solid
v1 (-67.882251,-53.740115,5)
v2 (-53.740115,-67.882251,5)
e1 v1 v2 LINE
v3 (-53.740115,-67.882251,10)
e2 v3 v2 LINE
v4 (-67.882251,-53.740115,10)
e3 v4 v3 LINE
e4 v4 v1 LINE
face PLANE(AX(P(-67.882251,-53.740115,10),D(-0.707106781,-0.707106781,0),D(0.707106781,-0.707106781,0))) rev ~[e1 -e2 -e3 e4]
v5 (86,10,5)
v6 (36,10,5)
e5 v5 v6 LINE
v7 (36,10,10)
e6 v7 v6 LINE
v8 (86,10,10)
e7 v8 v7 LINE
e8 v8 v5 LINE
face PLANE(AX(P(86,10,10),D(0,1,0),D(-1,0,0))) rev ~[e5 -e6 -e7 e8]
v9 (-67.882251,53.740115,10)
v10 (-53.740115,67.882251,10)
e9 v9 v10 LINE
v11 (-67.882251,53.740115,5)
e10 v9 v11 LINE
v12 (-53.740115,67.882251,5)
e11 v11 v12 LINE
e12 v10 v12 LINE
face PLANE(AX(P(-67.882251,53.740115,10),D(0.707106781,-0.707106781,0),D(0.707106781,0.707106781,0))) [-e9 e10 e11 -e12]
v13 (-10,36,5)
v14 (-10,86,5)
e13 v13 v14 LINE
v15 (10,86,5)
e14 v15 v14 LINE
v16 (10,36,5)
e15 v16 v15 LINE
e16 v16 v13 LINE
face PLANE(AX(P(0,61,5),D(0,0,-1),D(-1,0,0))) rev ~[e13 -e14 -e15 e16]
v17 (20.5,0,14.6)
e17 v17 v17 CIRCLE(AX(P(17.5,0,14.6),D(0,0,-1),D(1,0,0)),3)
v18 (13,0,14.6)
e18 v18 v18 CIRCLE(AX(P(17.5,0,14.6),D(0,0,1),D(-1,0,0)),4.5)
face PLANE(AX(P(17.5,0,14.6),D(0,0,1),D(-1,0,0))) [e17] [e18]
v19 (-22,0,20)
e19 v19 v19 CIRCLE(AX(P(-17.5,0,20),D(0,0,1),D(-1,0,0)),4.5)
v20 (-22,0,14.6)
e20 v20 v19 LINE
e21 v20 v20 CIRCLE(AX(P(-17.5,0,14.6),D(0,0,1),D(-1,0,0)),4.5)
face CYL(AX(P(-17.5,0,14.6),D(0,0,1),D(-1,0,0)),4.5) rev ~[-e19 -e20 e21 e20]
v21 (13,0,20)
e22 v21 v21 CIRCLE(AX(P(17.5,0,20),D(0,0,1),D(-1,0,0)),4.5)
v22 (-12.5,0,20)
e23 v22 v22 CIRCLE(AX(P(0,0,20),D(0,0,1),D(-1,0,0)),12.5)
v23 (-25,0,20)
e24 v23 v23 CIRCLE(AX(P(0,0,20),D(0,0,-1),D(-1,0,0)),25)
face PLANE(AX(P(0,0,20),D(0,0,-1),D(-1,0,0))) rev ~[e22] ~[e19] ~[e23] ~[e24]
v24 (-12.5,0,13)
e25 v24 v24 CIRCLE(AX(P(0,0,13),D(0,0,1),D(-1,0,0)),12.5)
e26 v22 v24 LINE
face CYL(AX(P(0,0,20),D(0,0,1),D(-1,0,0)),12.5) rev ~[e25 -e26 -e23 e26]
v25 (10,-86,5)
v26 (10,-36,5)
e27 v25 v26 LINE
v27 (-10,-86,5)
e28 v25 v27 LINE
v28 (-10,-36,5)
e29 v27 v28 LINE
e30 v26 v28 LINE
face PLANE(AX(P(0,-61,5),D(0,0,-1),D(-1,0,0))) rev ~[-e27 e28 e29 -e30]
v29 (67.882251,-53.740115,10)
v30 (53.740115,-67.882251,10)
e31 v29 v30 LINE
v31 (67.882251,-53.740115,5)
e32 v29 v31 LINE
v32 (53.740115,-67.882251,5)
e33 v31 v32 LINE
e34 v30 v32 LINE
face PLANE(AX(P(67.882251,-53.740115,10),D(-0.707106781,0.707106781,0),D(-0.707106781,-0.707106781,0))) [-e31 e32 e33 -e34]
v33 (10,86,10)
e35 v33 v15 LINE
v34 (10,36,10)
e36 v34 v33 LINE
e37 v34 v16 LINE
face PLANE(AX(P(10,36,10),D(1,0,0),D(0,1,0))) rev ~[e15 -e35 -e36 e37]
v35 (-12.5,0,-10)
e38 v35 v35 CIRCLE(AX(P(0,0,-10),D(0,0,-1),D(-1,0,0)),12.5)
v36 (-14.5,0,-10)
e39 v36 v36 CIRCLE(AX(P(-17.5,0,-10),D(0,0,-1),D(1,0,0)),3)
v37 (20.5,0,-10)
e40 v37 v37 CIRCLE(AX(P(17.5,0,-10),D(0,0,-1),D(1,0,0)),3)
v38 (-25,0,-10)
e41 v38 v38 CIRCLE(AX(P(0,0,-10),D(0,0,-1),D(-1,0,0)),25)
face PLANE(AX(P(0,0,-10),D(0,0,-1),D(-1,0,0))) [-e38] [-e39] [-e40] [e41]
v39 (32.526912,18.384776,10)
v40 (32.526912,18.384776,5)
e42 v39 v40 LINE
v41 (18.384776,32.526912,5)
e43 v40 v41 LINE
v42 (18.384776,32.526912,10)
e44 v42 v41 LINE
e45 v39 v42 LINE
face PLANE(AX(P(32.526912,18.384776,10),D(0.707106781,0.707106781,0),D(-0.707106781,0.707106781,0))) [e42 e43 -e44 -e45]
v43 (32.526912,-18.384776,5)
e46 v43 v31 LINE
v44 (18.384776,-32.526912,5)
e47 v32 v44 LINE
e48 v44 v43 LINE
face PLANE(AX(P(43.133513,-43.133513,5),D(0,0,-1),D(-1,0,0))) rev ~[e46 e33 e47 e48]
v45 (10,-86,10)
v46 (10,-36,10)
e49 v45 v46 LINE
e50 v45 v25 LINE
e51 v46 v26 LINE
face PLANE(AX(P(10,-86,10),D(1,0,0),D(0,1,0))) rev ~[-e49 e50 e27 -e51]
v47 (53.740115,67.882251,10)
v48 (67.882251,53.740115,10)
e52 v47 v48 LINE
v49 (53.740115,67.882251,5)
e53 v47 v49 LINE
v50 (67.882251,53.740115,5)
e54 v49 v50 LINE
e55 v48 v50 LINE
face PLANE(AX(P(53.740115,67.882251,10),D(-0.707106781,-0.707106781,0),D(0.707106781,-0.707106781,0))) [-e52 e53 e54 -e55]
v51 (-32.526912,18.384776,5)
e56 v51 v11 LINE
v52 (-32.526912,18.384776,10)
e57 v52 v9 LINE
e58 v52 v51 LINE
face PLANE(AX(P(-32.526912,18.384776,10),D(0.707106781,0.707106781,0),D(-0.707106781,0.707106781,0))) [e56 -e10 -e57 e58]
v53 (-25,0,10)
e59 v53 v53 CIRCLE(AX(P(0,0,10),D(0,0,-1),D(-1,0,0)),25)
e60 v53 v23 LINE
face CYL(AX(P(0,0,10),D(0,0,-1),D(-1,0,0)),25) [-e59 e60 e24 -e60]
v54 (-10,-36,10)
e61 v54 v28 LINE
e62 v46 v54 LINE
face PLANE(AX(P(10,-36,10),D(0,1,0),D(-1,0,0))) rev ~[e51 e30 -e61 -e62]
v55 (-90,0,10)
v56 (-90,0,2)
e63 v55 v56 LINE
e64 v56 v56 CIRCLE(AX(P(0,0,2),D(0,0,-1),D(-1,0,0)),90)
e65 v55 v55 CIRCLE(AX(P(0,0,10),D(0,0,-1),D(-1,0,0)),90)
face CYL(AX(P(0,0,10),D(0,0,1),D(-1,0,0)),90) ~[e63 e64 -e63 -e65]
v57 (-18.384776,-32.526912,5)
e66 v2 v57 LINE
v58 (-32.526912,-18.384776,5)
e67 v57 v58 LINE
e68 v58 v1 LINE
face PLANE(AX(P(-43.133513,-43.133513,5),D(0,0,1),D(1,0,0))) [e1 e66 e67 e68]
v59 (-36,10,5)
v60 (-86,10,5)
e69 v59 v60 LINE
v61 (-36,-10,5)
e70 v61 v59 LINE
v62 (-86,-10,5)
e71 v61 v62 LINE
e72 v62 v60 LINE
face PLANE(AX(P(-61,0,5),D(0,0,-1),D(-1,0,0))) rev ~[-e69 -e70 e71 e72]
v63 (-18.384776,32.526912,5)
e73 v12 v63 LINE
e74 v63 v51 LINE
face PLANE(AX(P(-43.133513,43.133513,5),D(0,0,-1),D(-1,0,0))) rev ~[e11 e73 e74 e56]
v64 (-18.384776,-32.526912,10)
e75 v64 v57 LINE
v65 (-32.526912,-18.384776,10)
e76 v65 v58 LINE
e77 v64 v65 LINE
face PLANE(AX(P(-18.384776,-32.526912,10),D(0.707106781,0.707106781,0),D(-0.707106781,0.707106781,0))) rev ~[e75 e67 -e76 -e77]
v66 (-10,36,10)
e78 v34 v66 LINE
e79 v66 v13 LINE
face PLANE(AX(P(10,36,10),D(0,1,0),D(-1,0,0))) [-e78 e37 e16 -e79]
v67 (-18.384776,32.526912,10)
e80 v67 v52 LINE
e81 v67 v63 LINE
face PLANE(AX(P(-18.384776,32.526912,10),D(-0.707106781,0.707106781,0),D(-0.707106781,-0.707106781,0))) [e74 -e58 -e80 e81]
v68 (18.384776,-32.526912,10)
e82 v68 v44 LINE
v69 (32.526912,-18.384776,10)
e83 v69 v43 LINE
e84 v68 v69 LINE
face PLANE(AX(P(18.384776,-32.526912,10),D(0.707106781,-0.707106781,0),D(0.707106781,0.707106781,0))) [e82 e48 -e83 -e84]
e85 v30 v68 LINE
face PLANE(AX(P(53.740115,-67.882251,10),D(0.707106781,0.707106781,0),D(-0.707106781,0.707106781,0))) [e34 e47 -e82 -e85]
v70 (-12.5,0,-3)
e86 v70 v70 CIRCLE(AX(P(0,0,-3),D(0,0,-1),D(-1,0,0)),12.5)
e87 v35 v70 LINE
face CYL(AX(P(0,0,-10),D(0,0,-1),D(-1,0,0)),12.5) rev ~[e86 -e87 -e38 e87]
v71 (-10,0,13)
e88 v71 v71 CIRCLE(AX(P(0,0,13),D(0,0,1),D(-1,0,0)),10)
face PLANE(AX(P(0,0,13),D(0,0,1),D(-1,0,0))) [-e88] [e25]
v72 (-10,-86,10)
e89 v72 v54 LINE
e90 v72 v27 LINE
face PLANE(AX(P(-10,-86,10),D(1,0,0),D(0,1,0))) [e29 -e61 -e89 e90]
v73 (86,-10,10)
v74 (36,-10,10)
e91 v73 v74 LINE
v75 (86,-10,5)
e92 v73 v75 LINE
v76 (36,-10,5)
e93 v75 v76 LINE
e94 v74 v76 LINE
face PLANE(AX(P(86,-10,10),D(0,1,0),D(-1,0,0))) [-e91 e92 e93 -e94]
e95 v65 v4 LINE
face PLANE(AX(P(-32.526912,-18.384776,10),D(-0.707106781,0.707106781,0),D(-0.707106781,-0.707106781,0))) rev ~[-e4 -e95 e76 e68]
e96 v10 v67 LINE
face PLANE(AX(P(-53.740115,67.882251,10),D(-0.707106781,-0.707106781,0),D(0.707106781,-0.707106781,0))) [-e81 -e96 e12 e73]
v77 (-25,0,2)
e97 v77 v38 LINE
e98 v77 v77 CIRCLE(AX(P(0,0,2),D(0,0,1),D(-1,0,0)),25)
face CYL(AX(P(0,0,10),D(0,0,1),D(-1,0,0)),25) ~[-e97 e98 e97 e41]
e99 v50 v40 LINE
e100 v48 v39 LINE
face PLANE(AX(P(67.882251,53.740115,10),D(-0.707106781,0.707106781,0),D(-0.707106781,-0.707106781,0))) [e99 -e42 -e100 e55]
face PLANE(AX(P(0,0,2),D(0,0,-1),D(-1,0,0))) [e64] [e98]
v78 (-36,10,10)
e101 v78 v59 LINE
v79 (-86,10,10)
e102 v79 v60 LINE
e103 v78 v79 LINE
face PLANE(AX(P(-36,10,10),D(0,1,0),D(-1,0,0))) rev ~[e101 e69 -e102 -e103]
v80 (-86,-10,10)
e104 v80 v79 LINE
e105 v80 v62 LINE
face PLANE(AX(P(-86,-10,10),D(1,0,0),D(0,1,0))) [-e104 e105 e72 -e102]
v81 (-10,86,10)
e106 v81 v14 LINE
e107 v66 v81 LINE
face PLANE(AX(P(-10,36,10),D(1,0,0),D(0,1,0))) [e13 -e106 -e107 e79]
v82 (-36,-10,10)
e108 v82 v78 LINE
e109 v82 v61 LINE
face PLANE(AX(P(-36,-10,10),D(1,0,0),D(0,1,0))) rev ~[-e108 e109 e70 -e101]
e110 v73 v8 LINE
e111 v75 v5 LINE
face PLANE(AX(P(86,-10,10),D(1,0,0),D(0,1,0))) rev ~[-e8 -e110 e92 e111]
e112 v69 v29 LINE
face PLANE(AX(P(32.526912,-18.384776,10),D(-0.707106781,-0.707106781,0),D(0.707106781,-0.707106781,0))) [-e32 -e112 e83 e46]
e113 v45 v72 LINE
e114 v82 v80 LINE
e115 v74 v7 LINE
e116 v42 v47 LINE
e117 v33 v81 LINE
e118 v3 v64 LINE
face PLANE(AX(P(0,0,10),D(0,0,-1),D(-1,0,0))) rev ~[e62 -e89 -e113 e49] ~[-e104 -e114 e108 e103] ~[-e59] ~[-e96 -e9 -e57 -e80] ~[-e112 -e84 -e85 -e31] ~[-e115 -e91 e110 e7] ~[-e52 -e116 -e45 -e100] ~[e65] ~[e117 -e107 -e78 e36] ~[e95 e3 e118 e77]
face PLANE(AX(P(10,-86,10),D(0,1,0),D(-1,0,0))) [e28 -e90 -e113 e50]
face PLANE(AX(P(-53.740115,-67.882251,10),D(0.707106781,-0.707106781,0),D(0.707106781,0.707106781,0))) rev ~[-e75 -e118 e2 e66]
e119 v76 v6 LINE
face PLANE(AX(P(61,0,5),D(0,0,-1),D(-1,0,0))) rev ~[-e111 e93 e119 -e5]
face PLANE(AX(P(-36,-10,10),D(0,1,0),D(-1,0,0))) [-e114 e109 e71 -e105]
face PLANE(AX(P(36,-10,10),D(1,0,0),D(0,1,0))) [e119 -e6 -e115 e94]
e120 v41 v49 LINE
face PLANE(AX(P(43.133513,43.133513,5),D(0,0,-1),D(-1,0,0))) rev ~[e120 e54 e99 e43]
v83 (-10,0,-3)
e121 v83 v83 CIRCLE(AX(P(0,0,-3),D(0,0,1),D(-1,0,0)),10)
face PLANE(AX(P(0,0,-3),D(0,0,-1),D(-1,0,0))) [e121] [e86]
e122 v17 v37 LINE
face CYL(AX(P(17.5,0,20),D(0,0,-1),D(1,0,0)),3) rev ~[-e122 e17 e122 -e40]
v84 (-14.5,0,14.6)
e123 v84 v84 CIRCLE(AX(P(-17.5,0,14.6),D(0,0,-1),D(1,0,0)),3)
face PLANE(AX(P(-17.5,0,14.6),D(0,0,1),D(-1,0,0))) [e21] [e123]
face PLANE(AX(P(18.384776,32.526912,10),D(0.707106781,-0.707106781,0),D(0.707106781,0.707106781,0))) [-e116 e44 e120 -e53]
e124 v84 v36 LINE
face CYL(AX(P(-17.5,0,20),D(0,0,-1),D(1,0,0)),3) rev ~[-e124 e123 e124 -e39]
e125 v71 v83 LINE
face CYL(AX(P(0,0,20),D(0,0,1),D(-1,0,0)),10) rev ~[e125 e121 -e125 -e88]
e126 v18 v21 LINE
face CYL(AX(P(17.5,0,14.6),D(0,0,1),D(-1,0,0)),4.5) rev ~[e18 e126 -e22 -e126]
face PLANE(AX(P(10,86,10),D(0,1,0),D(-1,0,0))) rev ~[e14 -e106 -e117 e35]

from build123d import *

# Parameters (mm, degrees)
SKETCH_R             = 90
PAD_DEPTH            = 8
SKETCH001_W          = 20
SKETCH001_H          = 50
POCKET_DEPTH         = 5
SKETCH002_W          = 20
SKETCH002_H          = 50
POCKET001_DEPTH      = 5
SKETCH003_W          = 50
SKETCH003_H          = 20
POCKET002_DEPTH      = 5
SKETCH004_W          = 50
SKETCH004_H          = 20
POCKET003_DEPTH      = 5
POCKET004_DEPTH      = 5
POCKET005_DEPTH      = 5
POCKET006_DEPTH      = 5
POCKET007_DEPTH      = 5
SKETCH009_R          = 25
PAD001_DEPTH         = 20
PAD001_DEPTH_BACK    = 10
SKETCH010_R          = 10
HOLE_DEPTH           = 30.001
SKETCH011_R          = 12.5
POCKET008_DEPTH      = 7
SKETCH012_R          = 12.5
POCKET009_DEPTH      = 7
HOLE001_D            = 6
HOLE001_CBORE_D      = 9
HOLE001_CBORE_DEPTH  = 5.4
BODY_PLACEMENT_ANGLE = 180


with BuildPart() as part:
    # Sketch → Pad (new body)
    with BuildSketch(Plane.XY):
        Circle(SKETCH_R)
    extrude(amount=PAD_DEPTH)

    # Sketch001 → Pocket (cut)
    with BuildSketch(Plane.XY):
        with Locations((0, 61)):
            Rectangle(SKETCH001_W, SKETCH001_H)
    extrude(amount=POCKET_DEPTH, mode=Mode.SUBTRACT)

    # Sketch002 → Pocket001 (cut)
    with BuildSketch(Plane.XY):
        with Locations((0, -61)):
            Rectangle(SKETCH002_W, SKETCH002_H)
    extrude(amount=POCKET001_DEPTH, mode=Mode.SUBTRACT)

    # Sketch003 → Pocket002 (cut)
    with BuildSketch(Plane.XY):
        with Locations((61, 0)):
            Rectangle(SKETCH003_W, SKETCH003_H)
    extrude(amount=POCKET002_DEPTH, mode=Mode.SUBTRACT)

    # Sketch004 → Pocket003 (cut)
    with BuildSketch(Plane.XY):
        with Locations((-61, 0)):
            Rectangle(SKETCH004_W, SKETCH004_H)
    extrude(amount=POCKET003_DEPTH, mode=Mode.SUBTRACT)

    # Sketch005 → Pocket004 (cut)
    with BuildSketch(Plane.XY):
        Polygon((-67.882251, 53.740115), (-32.526912, 18.384776), (-18.384776, 32.526912), (-53.740115, 67.882251), align=None)
    extrude(amount=POCKET004_DEPTH, mode=Mode.SUBTRACT)

    # Sketch006 → Pocket005 (cut)
    with BuildSketch(Plane.XY):
        Polygon((18.384776, 32.526912), (32.526912, 18.384776), (67.882251, 53.740115), (53.740115, 67.882251), align=None)
    extrude(amount=POCKET005_DEPTH, mode=Mode.SUBTRACT)

    # Sketch007 → Pocket006 (cut)
    with BuildSketch(Plane.XY):
        Polygon((-67.882251, -53.740115), (-53.740115, -67.882251), (-18.384776, -32.526912), (-32.526912, -18.384776), align=None)
    extrude(amount=POCKET006_DEPTH, mode=Mode.SUBTRACT)

    # Sketch008 → Pocket007 (cut)
    with BuildSketch(Plane.XY):
        Polygon((18.384776, -32.526912), (32.526912, -18.384776), (67.882251, -53.740115), (53.740115, -67.882251), align=None)
    extrude(amount=POCKET007_DEPTH, mode=Mode.SUBTRACT)

    # Sketch009 → Pad001 (join, two sides)
    with BuildSketch(Plane.XY) as pad001_sk:
        Circle(SKETCH009_R)
    extrude(amount=PAD001_DEPTH)
    extrude(pad001_sk.sketch, amount=-PAD001_DEPTH_BACK)

    # Sketch010 (on Face42 of Pad001) → Hole (cut, through all)
    with BuildSketch(Plane(origin=(0, 0, -10), x_dir=(1, 0, 0), z_dir=(0, 0, -1))):
        Circle(SKETCH010_R)
    extrude(amount=-HOLE_DEPTH, mode=Mode.SUBTRACT)

    # Sketch011 (on Face42 of Hole) → Pocket008 (cut)
    with BuildSketch(Plane(origin=(0, 0, -10), x_dir=(1, 0, 0), z_dir=(0, 0, -1))):
        Circle(SKETCH011_R)
    extrude(amount=-POCKET008_DEPTH, mode=Mode.SUBTRACT)

    # Sketch012 (on Face47 of Pocket008) → Pocket009 (cut)
    with BuildSketch(Plane.XY.offset(20)):
        Circle(SKETCH012_R)
    extrude(amount=-POCKET009_DEPTH, mode=Mode.SUBTRACT)

    # Hole001 (through all)
    with Locations(Plane(origin=(0, 0, -10), x_dir=(1, 0, 0), z_dir=(0, 0, -1))):
        with Locations((0, 0), (17.5, 0), (-17.5, 0)):
            CounterBoreHole(HOLE001_D / 2, HOLE001_CBORE_D / 2, HOLE001_CBORE_DEPTH)


with BuildPart() as part_1:
    # Body placement: moved
    add(part.part.moved(Location((0, 0, 10))).rotate(Axis((0, 0, 10), (0, 1, 0)), BODY_PLACEMENT_ANGLE))


solid = part_1.part
